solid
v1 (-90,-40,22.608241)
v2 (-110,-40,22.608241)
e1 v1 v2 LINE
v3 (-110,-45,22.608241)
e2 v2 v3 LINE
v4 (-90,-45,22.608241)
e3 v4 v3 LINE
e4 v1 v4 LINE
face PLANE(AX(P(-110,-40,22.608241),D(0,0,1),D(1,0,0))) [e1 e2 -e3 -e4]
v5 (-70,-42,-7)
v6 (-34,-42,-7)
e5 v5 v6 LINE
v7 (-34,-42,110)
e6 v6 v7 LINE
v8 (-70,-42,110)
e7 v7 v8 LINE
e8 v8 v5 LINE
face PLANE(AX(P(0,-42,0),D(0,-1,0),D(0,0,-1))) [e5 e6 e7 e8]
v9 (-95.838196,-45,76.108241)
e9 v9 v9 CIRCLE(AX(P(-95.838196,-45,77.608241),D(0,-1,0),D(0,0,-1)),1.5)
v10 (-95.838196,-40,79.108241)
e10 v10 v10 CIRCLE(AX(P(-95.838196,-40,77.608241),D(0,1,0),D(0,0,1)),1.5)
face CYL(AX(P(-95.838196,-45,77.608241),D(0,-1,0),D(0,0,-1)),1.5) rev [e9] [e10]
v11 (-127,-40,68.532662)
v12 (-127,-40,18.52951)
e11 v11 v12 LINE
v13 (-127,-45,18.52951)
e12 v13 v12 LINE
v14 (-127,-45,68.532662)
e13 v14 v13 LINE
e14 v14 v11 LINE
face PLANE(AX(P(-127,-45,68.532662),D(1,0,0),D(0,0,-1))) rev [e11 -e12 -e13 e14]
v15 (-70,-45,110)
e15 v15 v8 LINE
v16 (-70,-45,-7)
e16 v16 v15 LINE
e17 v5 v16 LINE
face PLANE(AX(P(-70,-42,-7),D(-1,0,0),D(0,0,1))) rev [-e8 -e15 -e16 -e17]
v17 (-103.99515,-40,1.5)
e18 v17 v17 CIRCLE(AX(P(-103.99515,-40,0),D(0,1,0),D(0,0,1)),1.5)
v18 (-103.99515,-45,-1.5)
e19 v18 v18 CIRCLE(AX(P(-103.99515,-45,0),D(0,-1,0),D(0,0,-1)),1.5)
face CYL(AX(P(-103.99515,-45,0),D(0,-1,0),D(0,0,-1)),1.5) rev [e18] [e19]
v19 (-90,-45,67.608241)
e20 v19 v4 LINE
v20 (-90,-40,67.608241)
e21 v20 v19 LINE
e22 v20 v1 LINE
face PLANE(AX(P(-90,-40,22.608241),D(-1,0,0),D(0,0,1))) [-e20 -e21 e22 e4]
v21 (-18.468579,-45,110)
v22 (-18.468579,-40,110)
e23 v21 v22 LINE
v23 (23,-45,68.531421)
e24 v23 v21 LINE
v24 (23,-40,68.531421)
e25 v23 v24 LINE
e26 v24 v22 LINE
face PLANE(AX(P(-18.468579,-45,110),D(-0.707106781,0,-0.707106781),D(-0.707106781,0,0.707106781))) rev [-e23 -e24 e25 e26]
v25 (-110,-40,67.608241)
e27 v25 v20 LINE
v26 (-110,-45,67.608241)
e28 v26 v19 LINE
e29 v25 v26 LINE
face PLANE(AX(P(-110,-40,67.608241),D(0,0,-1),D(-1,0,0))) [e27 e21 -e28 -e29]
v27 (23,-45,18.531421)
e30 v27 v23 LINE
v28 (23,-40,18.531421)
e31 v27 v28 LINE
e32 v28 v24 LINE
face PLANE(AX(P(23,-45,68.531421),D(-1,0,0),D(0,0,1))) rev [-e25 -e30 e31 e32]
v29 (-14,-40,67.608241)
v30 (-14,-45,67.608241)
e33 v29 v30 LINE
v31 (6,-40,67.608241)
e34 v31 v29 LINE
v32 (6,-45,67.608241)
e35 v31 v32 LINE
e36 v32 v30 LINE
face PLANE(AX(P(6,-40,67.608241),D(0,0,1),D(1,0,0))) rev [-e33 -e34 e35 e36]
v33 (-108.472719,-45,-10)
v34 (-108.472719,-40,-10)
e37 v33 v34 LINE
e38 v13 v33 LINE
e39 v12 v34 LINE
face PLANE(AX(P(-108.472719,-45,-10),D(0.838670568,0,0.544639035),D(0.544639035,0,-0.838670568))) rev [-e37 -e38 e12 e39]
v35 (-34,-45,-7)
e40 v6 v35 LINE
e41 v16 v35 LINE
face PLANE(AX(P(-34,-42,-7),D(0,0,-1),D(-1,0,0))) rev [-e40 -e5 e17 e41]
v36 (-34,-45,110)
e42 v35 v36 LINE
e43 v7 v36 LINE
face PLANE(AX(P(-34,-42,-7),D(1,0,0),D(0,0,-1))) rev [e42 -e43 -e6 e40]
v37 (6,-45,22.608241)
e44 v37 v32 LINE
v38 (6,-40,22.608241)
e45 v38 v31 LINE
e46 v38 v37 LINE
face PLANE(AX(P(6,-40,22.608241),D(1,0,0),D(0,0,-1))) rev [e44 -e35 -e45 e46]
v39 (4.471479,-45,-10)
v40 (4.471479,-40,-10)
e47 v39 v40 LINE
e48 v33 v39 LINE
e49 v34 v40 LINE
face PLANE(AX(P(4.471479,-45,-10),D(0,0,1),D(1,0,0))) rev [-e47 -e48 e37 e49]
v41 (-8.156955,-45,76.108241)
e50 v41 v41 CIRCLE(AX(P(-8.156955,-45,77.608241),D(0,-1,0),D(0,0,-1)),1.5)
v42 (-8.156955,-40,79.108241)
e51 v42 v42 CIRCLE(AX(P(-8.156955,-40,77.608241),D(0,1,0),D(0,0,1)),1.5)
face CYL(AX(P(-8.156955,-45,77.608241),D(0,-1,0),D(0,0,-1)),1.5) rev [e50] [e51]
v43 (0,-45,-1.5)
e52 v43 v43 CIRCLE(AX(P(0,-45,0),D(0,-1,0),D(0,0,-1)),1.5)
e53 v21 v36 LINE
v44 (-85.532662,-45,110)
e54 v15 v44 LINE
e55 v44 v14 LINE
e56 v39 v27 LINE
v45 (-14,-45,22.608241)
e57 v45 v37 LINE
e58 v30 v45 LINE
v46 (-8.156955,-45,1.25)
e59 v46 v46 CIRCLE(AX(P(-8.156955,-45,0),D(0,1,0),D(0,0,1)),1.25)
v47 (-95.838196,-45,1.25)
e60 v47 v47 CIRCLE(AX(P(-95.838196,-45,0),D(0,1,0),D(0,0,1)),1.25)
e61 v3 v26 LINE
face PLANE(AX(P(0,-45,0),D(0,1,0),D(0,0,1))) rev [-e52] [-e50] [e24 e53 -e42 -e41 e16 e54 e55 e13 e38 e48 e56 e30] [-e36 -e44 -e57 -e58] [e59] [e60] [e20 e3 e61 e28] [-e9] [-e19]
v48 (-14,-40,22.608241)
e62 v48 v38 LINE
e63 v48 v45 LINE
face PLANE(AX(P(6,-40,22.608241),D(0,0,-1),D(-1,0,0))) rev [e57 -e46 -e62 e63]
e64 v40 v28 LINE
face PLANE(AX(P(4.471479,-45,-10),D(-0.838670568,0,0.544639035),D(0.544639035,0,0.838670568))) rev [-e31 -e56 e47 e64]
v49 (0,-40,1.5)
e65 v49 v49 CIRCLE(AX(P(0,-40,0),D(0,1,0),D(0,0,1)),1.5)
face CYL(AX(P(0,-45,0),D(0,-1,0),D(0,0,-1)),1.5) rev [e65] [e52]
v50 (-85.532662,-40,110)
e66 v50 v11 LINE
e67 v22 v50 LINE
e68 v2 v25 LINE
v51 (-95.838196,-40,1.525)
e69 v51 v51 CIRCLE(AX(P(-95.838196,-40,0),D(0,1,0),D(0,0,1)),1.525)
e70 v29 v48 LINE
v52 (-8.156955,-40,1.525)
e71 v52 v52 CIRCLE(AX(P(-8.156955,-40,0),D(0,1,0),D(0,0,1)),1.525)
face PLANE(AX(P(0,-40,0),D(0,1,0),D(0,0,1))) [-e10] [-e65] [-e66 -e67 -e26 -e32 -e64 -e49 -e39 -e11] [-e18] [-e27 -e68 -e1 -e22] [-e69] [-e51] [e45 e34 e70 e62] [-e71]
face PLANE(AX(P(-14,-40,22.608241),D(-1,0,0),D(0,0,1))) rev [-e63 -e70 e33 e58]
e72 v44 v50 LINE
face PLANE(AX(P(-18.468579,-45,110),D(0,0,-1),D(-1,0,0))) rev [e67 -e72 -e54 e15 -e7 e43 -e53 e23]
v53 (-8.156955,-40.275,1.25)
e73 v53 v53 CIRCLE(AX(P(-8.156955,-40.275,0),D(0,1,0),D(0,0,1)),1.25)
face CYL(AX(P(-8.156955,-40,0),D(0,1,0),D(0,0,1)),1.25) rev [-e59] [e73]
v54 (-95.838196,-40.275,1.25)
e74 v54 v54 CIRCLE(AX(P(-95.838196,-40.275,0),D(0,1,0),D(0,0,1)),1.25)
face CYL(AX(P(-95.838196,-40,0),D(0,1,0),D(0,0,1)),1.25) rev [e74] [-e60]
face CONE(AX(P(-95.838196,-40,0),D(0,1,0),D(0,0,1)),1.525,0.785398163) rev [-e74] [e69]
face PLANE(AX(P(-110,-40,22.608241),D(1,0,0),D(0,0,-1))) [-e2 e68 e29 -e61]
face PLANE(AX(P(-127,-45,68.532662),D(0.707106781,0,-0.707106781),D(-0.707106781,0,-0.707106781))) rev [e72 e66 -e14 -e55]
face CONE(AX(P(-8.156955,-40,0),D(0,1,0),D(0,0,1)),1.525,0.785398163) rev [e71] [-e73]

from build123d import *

# Parameters (mm, degrees)
BOSS_EXTRUDE1_DEPTH             = 5
F_3_0_3_DIAMETER_HOLE1_D        = 3
F_3_0_3_DIAMETER_HOLE1_DEPTH    = 6
F_3_0_3_DIAMETER_HOLE1_TIP      = 0.901290929
SKETCH6_W                       = 36
SKETCH6_H                       = 124
CUT_EXTRUDE1_DEPTH              = 3
SKETCH9_W                       = 20
SKETCH9_H                       = 45
CUT_EXTRUDE3_DEPTH              = 6
M3X0_5_TAPPED_HOLE1_D           = 2.5
M3X0_5_TAPPED_HOLE1_DEPTH       = 5
M3X0_5_TAPPED_HOLE1_CSINK_D     = 3.05
M3X0_5_TAPPED_HOLE1_CSINK_ANGLE = 90


with BuildPart() as part:
    # Sketch3 → Boss-Extrude1 (new body)
    with BuildSketch(Plane(origin=(0, -40, 0), x_dir=(-1, 0, 0), z_dir=(0, -1, 0))):
        Polygon((18.468579028, -110), (85.532661839, -110), (127, -68.532661839), (127, -18.529510204), (108.472719443, 10), (-4.471478576, 10), (-23, -18.531420972), (-23, -68.531420972), align=None)
    extrude(amount=BOSS_EXTRUDE1_DEPTH)

    # Ø3.0 (3) Diameter Hole1
    with Locations(Plane(origin=(0, -45, 0), x_dir=(-1, 0, 0), z_dir=(0, -1, 0))):
        with Locations((8.156954779, -77.608240604), (95.838195646, -77.608240604), (103.995150425, 0), (0, 0)):
            Hole(F_3_0_3_DIAMETER_HOLE1_D / 2, depth=F_3_0_3_DIAMETER_HOLE1_DEPTH)
            with Locations((0, 0, -(F_3_0_3_DIAMETER_HOLE1_DEPTH + F_3_0_3_DIAMETER_HOLE1_TIP / 2))):  # 118° drill point
                Cone(0, F_3_0_3_DIAMETER_HOLE1_D / 2, F_3_0_3_DIAMETER_HOLE1_TIP, mode=Mode.SUBTRACT)

    # Sketch6 → Cut-Extrude1 (cut)
    with BuildSketch(Plane(origin=(0, -45, 0), x_dir=(-1, 0, 0), z_dir=(0, -1, 0))):
        with Locations((52, -55)):
            Rectangle(SKETCH6_W, SKETCH6_H)
    extrude(amount=-CUT_EXTRUDE1_DEPTH, mode=Mode.SUBTRACT)

    # Sketch9 → Cut-Extrude3 (cut, through all)
    with BuildSketch(Plane(origin=(0, -45, 0), x_dir=(-1, 0, 0), z_dir=(0, -1, 0))):
        with Locations((4, -45.108240604)):
            Rectangle(SKETCH9_W, SKETCH9_H)
    cut_extrude3 = extrude(amount=-CUT_EXTRUDE3_DEPTH, mode=Mode.SUBTRACT)

    # Mirror1: Cut-Extrude3 across plane
    add(cut_extrude3.mirror(Plane.ZY.offset(52)), mode=Mode.SUBTRACT)

    # M3x0.5 Tapped Hole1
    with Locations(Plane(origin=(0, -40, 0), x_dir=(1, 0, 0), z_dir=(0, 1, 0))):
        with Locations((-8.156954779, 0), (-95.838195646, 0)):
            CounterSinkHole(M3X0_5_TAPPED_HOLE1_D / 2, M3X0_5_TAPPED_HOLE1_CSINK_D / 2, depth=M3X0_5_TAPPED_HOLE1_DEPTH, counter_sink_angle=M3X0_5_TAPPED_HOLE1_CSINK_ANGLE)


solid = part.part
